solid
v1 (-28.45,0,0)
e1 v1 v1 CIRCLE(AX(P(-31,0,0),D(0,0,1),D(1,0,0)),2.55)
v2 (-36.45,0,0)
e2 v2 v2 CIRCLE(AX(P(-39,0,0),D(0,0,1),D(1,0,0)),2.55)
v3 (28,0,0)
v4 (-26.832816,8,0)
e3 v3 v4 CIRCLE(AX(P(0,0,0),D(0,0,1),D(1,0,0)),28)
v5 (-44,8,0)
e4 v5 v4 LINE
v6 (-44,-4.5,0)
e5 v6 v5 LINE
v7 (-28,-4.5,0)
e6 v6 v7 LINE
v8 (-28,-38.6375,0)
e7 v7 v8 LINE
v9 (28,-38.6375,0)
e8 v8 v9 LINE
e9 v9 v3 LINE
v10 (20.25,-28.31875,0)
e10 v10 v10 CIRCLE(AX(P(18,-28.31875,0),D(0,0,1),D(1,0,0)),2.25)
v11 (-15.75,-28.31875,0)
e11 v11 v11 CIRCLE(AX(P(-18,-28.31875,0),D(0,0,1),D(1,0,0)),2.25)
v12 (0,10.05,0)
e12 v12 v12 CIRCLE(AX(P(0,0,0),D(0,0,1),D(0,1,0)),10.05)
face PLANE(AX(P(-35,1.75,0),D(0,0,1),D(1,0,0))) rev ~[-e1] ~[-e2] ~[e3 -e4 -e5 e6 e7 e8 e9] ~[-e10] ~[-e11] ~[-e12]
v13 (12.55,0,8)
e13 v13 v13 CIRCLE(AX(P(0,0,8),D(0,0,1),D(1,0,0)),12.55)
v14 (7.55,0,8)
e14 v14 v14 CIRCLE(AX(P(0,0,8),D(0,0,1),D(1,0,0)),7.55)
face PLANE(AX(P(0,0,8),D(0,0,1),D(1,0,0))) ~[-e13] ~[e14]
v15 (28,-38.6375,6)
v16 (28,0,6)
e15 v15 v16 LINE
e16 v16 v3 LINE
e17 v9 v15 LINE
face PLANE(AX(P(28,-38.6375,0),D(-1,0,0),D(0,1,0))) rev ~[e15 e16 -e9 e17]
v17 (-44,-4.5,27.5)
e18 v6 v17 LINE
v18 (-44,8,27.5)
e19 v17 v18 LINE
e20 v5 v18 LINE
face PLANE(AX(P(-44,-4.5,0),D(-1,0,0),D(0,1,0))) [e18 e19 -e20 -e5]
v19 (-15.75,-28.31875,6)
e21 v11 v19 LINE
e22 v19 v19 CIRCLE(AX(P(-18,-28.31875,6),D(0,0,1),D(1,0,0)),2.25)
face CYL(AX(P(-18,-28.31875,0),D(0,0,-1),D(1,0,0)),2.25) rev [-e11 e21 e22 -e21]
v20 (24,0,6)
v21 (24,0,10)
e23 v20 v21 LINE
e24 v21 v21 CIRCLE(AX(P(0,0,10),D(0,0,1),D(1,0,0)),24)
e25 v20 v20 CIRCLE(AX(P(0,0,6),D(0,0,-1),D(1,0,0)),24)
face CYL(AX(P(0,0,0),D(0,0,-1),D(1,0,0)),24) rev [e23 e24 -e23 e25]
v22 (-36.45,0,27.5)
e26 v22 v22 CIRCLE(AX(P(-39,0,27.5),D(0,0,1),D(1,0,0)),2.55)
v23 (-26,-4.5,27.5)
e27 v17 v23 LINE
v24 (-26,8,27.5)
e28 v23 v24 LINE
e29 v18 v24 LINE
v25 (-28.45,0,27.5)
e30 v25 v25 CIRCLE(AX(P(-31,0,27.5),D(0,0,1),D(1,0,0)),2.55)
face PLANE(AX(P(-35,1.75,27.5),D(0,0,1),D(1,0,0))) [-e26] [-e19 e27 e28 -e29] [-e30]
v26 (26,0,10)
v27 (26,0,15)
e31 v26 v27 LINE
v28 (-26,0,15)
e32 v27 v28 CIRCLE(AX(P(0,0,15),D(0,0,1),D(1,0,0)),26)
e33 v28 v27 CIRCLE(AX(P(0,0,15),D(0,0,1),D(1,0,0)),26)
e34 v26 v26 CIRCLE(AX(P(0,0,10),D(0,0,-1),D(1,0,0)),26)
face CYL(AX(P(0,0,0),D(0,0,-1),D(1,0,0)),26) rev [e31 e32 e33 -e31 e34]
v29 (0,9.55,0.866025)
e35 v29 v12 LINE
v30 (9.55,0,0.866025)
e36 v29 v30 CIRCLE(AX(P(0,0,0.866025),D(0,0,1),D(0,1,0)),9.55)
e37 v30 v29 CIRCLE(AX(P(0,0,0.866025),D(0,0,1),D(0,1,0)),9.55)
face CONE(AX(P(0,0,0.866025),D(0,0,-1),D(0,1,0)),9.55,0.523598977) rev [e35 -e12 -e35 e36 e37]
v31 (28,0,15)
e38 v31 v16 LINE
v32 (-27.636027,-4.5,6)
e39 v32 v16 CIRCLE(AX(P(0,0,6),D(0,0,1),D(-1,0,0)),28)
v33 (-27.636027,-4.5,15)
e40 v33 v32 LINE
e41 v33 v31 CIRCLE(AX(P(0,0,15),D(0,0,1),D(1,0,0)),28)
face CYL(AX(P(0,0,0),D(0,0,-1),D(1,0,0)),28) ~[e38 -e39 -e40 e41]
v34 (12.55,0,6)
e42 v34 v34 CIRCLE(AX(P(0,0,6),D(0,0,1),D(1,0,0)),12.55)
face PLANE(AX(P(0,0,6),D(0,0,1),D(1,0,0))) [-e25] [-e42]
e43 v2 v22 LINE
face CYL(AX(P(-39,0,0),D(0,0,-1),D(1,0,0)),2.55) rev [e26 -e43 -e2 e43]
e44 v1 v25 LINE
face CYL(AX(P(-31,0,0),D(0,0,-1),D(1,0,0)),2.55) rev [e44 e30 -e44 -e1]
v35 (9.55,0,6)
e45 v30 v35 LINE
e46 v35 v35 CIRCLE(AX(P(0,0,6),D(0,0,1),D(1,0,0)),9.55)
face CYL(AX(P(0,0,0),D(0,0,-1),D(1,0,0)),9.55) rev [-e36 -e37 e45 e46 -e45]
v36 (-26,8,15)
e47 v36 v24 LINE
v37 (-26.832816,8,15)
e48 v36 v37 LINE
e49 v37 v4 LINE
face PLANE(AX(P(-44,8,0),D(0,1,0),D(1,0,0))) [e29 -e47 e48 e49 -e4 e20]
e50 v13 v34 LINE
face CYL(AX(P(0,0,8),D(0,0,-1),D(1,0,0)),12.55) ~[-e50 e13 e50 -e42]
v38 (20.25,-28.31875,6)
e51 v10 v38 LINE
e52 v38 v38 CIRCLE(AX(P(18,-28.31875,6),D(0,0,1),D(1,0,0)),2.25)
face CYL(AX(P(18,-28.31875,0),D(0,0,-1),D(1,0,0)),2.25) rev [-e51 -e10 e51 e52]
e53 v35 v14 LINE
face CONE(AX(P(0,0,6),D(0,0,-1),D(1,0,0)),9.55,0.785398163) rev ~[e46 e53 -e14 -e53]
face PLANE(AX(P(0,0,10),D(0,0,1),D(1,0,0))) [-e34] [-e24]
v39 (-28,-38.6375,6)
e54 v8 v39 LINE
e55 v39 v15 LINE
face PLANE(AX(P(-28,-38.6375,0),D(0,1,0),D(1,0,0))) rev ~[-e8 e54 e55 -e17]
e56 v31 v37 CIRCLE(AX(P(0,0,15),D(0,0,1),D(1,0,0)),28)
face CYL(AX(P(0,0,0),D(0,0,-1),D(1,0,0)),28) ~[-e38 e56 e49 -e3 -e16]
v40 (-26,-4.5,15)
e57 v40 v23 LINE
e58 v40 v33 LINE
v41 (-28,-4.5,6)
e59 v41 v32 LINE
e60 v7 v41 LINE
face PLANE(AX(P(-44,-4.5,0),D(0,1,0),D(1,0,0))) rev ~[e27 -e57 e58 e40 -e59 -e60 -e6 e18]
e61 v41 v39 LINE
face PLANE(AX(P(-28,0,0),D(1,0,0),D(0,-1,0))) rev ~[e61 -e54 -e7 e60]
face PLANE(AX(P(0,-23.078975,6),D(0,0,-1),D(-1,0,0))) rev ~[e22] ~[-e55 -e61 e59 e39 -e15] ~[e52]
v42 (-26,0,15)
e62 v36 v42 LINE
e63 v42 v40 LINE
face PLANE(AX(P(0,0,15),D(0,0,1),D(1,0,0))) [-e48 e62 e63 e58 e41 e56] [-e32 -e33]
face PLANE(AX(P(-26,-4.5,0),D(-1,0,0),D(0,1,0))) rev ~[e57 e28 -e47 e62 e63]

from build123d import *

# Parameters (mm, degrees)
SKETCH040_R   = 28
SKETCH040_R_2 = 9.55
PAD025_DEPTH  = 6
SKETCH038_R   = 28
SKETCH038_R_2 = 26
PAD023_DEPTH  = 15
SKETCH039_R   = 2.25
PAD024_DEPTH  = 6
SKETCH091_R   = 28
SKETCH091_R_2 = 24
PAD056_DEPTH  = 10
SKETCH098_W   = 18
SKETCH098_H   = 12.5
SKETCH098_R   = 2.55
PAD060_DEPTH  = 27.5


with BuildPart() as part:
    # Sketch040 → Pad025 (new body)
    with BuildSketch(Plane.XY):
        Circle(SKETCH040_R)
        Circle(SKETCH040_R_2, mode=Mode.SUBTRACT)
    extrude(amount=PAD025_DEPTH)

    # Sketch038 → Pad023 (join)
    with BuildSketch(Plane.XY):
        Circle(SKETCH038_R)
        Circle(SKETCH038_R_2, mode=Mode.SUBTRACT)
    extrude(amount=PAD023_DEPTH)

    # Sketch039 → Pad024 (join)
    with BuildSketch(Plane.XY):
        with BuildLine():
            ThreePointArc((-28, 0), (0, -28), (28, 0))
            Line((28, -38.6375), (28, 0))
            Line((-28, -38.6375), (28, -38.6375))
            Line((-28, 0), (-28, -38.6375))
        make_face()
        with Locations((-18, -28.31875)):
            Circle(SKETCH039_R, mode=Mode.SUBTRACT)
        with Locations((18, -28.31875)):
            Circle(SKETCH039_R, mode=Mode.SUBTRACT)
    extrude(amount=PAD024_DEPTH)

    # Sketch041 → Groove (revolve, cut)
    with BuildSketch(Plane.YZ):
        Polygon((9.55, 0.866025), (10.05, 0), (9.55, 0), align=None)
    revolve(axis=Axis((0, 0, 0), (0, 0, 1)), mode=Mode.SUBTRACT)

    # Sketch065 → Revolution (revolve)
    with BuildSketch(Plane.XZ):
        Polygon((9.55, 6), (7.55, 8), (12.55, 8), (12.55, 6), align=None)
    revolve(axis=Axis((0, 0, 0), (0, 0, 1)))

    # Sketch091 → Pad056 (join)
    with BuildSketch(Plane.XY):
        Circle(SKETCH091_R)
        Circle(SKETCH091_R_2, mode=Mode.SUBTRACT)
    extrude(amount=PAD056_DEPTH)

    # Sketch098 → Pad060 (join)
    with BuildSketch(Plane.XY):
        with Locations((-35, 1.75)):
            Rectangle(SKETCH098_W, SKETCH098_H)
        with Locations((-39, 0)):
            Circle(SKETCH098_R, mode=Mode.SUBTRACT)
        with Locations((-31, 0)):
            Circle(SKETCH098_R, mode=Mode.SUBTRACT)
    extrude(amount=PAD060_DEPTH)


solid = part.part
